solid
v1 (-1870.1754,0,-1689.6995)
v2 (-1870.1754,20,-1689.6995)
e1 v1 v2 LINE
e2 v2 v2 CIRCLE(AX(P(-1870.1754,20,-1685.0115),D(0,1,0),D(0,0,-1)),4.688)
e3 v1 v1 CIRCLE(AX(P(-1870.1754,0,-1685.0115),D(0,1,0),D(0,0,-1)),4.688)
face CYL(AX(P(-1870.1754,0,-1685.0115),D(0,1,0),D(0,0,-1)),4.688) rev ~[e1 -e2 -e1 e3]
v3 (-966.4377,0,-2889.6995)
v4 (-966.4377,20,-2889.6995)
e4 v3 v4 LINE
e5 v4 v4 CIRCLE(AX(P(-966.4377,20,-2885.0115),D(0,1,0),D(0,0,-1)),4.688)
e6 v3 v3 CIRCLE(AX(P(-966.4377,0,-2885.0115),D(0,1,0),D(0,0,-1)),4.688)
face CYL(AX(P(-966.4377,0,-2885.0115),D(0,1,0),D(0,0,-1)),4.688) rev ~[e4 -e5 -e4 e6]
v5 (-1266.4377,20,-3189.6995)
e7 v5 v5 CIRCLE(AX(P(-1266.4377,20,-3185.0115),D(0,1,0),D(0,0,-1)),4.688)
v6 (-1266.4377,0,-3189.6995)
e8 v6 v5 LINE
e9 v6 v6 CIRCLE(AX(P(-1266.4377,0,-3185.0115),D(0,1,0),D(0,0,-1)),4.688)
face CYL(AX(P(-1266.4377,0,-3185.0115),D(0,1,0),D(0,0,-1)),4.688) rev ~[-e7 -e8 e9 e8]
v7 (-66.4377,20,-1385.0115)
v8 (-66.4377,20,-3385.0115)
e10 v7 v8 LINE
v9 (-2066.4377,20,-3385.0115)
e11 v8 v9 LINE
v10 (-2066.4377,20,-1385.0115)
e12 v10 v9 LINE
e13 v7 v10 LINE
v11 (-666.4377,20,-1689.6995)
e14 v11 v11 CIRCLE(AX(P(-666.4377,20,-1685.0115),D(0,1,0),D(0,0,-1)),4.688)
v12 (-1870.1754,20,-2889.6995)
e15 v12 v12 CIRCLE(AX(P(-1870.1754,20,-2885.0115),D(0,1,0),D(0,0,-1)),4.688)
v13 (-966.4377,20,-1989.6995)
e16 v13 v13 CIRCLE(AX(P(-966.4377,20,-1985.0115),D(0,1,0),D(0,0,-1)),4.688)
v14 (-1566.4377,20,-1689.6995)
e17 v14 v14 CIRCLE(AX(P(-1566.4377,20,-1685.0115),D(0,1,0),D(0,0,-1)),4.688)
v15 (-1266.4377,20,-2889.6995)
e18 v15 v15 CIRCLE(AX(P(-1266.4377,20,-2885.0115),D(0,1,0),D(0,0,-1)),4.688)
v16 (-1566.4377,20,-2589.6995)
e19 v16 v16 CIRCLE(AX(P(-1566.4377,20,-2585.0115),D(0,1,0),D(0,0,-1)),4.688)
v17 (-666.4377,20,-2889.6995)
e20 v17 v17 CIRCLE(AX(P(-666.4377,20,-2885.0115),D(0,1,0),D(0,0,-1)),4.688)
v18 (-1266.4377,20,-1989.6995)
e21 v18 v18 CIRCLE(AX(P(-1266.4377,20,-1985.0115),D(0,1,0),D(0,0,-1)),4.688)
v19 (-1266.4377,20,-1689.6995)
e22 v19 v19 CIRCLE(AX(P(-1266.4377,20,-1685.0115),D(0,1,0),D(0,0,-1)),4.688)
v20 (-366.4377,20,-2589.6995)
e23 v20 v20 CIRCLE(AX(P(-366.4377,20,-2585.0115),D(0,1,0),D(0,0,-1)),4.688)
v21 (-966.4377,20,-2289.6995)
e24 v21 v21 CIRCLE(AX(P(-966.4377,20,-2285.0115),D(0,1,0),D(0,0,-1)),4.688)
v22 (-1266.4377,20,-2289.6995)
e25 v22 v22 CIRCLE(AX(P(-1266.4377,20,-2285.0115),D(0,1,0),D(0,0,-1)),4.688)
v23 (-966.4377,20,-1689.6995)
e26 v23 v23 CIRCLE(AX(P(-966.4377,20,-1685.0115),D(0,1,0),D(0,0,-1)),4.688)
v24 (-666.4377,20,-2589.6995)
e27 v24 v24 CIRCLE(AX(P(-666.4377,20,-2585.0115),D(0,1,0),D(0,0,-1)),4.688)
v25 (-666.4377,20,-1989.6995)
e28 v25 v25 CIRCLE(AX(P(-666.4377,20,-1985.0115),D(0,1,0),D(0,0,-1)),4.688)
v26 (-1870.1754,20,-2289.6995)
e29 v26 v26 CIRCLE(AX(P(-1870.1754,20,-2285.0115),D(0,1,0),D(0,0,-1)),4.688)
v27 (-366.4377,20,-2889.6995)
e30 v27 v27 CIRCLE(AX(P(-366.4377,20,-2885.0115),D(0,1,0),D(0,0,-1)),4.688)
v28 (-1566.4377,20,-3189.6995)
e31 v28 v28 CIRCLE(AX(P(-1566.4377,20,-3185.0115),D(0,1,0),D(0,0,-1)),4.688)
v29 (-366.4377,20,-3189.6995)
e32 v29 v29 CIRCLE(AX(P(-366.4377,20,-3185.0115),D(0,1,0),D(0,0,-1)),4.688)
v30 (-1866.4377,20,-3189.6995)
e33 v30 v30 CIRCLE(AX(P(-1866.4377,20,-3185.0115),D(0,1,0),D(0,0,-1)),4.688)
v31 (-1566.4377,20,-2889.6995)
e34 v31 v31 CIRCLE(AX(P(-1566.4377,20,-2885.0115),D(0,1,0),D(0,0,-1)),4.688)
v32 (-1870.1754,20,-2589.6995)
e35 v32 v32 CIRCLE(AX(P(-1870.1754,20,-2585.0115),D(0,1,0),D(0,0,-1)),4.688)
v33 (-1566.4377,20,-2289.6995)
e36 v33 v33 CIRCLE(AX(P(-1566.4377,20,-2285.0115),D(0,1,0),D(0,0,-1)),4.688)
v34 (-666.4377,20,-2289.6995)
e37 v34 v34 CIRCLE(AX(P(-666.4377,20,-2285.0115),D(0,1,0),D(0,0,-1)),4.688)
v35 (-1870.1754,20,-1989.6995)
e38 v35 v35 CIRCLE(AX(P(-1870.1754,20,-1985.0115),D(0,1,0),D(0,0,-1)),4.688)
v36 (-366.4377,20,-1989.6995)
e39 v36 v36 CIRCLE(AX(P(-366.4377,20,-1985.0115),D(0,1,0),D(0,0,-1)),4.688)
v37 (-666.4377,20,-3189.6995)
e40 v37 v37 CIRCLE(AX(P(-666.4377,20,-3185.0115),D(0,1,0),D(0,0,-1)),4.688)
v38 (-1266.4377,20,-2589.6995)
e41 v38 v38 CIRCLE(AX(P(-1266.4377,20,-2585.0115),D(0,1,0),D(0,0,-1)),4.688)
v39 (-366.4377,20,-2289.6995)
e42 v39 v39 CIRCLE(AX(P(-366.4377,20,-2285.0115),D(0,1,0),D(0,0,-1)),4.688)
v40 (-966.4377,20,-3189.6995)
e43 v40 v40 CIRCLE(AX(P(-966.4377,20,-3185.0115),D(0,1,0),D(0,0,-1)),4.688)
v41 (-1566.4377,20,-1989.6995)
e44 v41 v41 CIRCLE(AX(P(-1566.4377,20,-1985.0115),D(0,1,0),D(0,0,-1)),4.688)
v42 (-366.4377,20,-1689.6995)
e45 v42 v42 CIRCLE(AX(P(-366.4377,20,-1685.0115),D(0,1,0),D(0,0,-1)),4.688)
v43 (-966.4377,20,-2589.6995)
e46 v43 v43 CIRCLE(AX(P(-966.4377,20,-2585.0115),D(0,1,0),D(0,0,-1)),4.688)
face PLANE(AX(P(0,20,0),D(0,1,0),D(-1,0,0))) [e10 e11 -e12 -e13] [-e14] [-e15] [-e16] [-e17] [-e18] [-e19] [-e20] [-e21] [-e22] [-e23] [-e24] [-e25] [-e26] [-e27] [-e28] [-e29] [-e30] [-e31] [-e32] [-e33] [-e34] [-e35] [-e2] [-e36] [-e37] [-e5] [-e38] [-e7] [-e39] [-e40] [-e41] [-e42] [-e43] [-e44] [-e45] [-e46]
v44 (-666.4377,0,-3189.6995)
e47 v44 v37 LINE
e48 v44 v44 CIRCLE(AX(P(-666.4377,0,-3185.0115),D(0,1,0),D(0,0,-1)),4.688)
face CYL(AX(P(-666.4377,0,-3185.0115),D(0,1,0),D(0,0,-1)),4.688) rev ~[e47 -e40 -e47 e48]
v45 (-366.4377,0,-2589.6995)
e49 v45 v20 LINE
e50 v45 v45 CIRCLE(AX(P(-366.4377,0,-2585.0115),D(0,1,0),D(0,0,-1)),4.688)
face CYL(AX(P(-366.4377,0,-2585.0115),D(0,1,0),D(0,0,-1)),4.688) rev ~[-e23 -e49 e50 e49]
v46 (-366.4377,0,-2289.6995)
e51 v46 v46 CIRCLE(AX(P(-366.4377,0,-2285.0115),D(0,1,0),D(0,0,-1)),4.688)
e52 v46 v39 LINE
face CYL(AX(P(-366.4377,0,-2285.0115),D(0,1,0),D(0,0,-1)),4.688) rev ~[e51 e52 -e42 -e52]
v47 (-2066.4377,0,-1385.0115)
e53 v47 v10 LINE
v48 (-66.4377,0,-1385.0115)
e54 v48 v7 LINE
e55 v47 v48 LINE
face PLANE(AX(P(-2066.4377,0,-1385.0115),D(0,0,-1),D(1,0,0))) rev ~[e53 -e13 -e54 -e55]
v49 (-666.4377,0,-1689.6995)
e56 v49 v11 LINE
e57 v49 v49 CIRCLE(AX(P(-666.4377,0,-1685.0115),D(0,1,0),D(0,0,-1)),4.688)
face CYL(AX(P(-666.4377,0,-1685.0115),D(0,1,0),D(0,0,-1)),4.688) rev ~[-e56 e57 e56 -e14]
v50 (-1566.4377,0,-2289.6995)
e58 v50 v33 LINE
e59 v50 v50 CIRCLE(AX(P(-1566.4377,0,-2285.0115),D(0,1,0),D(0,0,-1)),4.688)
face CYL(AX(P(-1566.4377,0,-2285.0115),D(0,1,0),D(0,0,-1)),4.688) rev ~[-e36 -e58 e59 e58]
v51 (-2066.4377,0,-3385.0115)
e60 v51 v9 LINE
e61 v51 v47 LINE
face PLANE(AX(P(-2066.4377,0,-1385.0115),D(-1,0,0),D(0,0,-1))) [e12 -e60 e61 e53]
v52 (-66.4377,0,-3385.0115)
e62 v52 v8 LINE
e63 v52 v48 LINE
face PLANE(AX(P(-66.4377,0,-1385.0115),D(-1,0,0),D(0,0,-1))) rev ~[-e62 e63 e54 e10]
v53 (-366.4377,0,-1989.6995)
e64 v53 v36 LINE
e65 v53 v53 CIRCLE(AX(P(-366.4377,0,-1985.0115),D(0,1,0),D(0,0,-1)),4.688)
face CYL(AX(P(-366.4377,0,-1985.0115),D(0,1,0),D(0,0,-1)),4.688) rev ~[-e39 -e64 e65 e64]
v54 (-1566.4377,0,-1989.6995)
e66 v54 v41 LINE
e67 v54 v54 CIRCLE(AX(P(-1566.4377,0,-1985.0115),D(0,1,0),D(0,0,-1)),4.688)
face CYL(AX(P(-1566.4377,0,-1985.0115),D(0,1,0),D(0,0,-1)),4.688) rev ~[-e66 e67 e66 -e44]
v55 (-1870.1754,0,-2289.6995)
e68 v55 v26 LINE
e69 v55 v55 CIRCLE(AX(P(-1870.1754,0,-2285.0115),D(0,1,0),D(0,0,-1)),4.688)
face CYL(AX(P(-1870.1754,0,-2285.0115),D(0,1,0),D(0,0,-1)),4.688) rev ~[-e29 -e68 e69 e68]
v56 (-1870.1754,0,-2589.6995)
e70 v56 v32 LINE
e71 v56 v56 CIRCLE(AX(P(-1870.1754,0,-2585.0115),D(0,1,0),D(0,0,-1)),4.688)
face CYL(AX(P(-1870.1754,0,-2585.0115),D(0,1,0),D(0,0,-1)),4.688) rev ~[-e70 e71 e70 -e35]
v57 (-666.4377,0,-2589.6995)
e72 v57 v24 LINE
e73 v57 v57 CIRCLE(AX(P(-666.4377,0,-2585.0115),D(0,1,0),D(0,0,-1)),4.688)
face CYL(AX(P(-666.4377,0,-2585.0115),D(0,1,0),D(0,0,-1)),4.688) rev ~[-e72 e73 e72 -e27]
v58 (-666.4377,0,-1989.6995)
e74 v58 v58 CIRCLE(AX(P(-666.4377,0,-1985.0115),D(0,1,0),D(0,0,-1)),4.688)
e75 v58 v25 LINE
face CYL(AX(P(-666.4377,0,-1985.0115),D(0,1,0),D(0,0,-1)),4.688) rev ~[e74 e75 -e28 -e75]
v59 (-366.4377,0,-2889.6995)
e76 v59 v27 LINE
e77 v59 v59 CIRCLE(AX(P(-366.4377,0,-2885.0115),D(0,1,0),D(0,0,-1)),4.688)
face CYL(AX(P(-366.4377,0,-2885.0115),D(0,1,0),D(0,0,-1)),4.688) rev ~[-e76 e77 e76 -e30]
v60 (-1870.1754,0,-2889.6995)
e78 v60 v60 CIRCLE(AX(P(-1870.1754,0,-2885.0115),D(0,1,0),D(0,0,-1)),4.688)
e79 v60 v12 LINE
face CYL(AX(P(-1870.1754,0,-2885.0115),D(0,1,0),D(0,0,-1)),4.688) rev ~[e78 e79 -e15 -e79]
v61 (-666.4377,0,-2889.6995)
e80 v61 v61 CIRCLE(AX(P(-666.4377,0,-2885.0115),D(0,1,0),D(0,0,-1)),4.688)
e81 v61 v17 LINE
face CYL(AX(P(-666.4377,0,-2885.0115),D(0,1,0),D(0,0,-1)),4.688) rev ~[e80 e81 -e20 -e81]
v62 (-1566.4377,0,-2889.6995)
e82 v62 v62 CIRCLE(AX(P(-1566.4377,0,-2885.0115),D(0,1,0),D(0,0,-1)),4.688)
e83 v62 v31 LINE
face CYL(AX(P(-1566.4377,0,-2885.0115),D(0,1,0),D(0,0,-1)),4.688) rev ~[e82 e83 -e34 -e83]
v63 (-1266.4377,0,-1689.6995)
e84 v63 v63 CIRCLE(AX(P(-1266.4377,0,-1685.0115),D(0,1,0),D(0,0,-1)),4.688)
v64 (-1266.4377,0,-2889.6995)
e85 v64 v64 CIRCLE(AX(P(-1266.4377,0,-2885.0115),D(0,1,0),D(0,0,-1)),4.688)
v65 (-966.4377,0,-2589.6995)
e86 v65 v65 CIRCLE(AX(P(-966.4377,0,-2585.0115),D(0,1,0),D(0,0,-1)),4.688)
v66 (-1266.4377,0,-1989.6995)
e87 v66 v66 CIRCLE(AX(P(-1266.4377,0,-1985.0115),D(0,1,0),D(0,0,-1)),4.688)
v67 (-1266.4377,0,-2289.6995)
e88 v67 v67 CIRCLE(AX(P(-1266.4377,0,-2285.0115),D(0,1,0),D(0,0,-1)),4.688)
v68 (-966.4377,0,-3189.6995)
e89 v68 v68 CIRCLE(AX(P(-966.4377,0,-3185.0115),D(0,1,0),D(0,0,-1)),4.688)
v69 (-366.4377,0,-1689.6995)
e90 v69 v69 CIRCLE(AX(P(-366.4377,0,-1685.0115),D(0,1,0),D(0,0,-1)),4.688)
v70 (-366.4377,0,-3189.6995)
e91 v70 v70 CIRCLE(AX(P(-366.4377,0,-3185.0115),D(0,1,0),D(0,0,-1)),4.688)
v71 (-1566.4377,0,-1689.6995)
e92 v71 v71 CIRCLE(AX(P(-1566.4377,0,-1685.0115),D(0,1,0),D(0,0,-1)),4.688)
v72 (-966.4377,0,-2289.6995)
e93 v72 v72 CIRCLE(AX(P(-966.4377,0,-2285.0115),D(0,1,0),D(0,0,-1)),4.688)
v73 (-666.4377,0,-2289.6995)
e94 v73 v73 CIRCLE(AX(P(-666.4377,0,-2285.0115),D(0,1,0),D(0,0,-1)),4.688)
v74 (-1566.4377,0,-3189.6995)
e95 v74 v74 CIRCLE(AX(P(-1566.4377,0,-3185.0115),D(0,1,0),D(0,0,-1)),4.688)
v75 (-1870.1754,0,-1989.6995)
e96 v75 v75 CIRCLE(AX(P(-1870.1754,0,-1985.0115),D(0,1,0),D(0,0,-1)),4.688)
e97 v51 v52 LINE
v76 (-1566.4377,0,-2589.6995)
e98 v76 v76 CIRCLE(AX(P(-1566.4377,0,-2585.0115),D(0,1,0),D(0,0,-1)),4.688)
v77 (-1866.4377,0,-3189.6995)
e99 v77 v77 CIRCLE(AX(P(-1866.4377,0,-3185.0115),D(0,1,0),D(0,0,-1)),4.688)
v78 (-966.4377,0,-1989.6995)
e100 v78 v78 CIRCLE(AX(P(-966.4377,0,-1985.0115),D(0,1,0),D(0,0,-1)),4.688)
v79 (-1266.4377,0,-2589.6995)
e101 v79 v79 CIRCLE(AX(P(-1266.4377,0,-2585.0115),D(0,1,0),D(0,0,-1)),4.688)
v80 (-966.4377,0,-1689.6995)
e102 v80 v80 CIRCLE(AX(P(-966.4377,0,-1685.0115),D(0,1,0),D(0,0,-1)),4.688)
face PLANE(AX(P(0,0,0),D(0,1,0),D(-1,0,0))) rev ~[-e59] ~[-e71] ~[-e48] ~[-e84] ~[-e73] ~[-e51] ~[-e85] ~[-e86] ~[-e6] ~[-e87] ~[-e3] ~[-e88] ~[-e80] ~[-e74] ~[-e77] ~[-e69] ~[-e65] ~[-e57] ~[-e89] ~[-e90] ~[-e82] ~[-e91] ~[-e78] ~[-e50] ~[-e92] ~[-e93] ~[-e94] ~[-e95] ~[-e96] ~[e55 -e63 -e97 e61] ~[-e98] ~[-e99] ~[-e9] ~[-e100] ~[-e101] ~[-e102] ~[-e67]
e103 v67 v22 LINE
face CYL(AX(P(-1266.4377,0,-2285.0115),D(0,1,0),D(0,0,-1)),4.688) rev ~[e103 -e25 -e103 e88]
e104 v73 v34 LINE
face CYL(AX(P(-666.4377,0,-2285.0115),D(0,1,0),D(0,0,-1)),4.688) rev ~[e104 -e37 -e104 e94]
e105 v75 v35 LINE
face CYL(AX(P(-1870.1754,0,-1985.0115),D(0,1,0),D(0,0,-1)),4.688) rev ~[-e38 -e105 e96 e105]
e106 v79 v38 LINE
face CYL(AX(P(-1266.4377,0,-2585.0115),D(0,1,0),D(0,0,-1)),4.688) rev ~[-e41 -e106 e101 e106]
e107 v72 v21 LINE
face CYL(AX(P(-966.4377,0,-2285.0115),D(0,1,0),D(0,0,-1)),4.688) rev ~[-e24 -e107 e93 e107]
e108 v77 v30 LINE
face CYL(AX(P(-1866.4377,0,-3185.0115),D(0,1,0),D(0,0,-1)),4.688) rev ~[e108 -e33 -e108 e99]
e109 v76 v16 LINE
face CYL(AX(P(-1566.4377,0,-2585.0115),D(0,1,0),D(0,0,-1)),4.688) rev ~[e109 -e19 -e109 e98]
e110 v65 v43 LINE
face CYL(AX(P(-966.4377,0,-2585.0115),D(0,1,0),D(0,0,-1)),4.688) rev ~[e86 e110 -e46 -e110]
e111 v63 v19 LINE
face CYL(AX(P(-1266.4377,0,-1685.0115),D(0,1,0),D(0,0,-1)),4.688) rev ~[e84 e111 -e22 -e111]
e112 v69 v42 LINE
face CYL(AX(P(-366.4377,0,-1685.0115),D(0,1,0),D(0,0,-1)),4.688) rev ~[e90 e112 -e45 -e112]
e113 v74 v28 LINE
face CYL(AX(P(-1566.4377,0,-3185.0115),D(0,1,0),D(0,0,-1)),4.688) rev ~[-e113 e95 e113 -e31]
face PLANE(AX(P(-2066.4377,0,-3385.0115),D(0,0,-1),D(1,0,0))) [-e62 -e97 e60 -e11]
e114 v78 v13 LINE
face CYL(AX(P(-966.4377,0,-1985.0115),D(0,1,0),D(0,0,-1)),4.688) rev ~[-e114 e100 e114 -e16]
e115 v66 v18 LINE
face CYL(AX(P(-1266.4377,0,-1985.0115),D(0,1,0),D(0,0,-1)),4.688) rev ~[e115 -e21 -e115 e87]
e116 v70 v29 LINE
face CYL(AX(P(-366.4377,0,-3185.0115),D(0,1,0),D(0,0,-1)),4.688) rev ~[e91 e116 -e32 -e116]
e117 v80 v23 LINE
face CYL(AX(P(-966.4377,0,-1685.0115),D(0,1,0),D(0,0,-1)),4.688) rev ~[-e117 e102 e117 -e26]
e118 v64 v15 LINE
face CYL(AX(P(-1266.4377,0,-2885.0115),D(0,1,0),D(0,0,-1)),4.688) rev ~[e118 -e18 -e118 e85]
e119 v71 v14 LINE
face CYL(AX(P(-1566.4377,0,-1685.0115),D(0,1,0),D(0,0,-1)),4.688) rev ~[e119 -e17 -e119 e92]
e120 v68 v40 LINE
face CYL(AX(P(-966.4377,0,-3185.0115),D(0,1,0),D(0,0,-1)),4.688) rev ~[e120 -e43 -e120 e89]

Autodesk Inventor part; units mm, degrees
ref_plane "YZ Plane" through (0, 0, 0) normal (1, 0, 0) x (0, 1, 0)
ref_plane "XZ Plane" through (0, 0, 0) normal (0, 1, 0) x (-1, 0, 0)
ref_plane "XY Plane" through (0, 0, 0) normal (0, 0, 1) x (1, 0, 0)
sketch "Skizze1" plane through (0, 0, 0) normal (0, 1, 0) x (-1, 0, 0)
  line L0 (2066.4377, -1385.0115) -> (66.4377, -1385.0115)
  line L1 (66.4377, -1385.0115) -> (66.4377, -3385.0115)
  line L2 (366.4377, -1385.0115) -> (366.4377, -3385.0115)
  line L3 (666.4377, -3385.0115) -> (666.4377, -1385.0115)
  line L4 (966.4377, -1385.0115) -> (966.4377, -3385.0115)
  line L5 (1266.4377, -3385.0115) -> (1266.4377, -1385.0115)
  line L6 (1566.4377, -1385.0115) -> (1566.4377, -3385.0115)
  line L7 (66.4377, -1685.0115) -> (2066.4377, -1685.0115)
  line L8 (66.4377, -1985.0115) -> (2066.4377, -1985.0115)
  line L9 (66.4377, -2285.0115) -> (2066.4377, -2285.0115)
  line L10 (66.4377, -2585.0115) -> (2066.4377, -2585.0115)
  line L11 (66.4377, -2885.0115) -> (2066.4377, -2885.0115)
  line L12 (66.4377, -3185.0115) -> (2066.4377, -3185.0115)
  line L13 (1866.4377, -1385.0115) -> (1866.4377, -3385.0115)
  line L14 (2066.4377, -1385.0115) -> (2066.4377, -3385.0115)
  line L15 (2066.4377, -3385.0115) -> (66.4377, -3385.0115)
  point P0 (0, 0)
  point P1 (1870.1754, -1685.0115)
  point P2 (1566.4377, -1685.0115)
  point P3 (1266.4377, -1685.0115)
  point P4 (966.4377, -1685.0115)
  point P5 (666.4377, -1685.0115)
  point P6 (366.4377, -1685.0115)
  point P7 (366.4377, -1985.0115)
  point P8 (666.4377, -1985.0115)
  point P9 (966.4377, -1985.0115)
  point P10 (1266.4377, -1985.0115)
  point P11 (1566.4377, -1985.0115)
  point P12 (1870.1754, -1985.0115)
  point P13 (1870.1754, -2285.0115)
  point P14 (1566.4377, -2285.0115)
  point P15 (1266.4377, -2285.0115)
  point P16 (966.4377, -2285.0115)
  point P17 (666.4377, -2285.0115)
  point P18 (366.4377, -2285.0115)
  point P19 (366.4377, -2585.0115)
  point P20 (666.4377, -2585.0115)
  point P21 (966.4377, -2585.0115)
  point P22 (1266.4377, -2585.0115)
  point P23 (1566.4377, -2585.0115)
  point P24 (1870.1754, -2585.0115)
  point P25 (1870.1754, -2885.0115)
  point P26 (1566.4377, -2885.0115)
  point P27 (1566.4377, -3185.0115)
  point P28 (1266.4377, -3185.0115)
  point P29 (1266.4377, -2885.0115)
  point P30 (966.4377, -2885.0115)
  point P31 (966.4377, -3185.0115)
  point P32 (666.4377, -3185.0115)
  point P33 (666.4377, -2885.0115)
  point P34 (366.4377, -2885.0115)
  point P35 (366.4377, -3185.0115)
  point P36 (1866.4377, -3185.0115)
  dimension "d0" = 2000
  dimension "d2" = 300
  dimension "d3" = 300
  dimension "d4" = 300
  dimension "d5" = 300
  dimension "d6" = 300
  dimension "d8" = 300
  dimension "d9" = 300
  dimension "d10" = 300
  dimension "d11" = 300
  dimension "d12" = 300
  dimension "d32" = 2000
  dimension "d33" = 2000
  dimension "d34" = 2000
  dimension "d35" = 2000
  dimension "d36" = 2000
  dimension "d37" = 2000
  dimension "d38" = 2000
  dimension "d39" = 2000
  dimension "d40" = 2000
  dimension "d41" = 2000
  dimension "d42" = 2000
  dimension "d43" = 2000
  dimension "d44" = 300
  dimension "d45" = 300
  dimension "d46" = 2000
extrude "Extrusion3" add sketch "Skizze1" along normal blind 20
hole "Bohrung3" at (-1870.1754, 0, -1685.0115) at (-1566.4377, 0, -1685.0115) at (-1266.4377, 0, -1685.0115) at (-966.4377, 0, -1685.0115) at (-666.4377, 0, -1685.0115) at (-366.4377, 0, -1685.0115) at (-366.4377, 0, -1985.0115) at (-666.4377, 0, -1985.0115) at (-966.4377, 0, -1985.0115) at (-1266.4377, 0, -1985.0115) at (-1566.4377, 0, -1985.0115) at (-1870.1754, 0, -1985.0115) at (-1870.1754, 0, -2285.0115) at (-1566.4377, 0, -2285.0115) at (-1266.4377, 0, -2285.0115) at (-966.4377, 0, -2285.0115) at (-666.4377, 0, -2285.0115) at (-366.4377, 0, -2285.0115) at (-366.4377, 0, -2585.0115) at (-666.4377, 0, -2585.0115) at (-966.4377, 0, -2585.0115) at (-1266.4377, 0, -2585.0115) at (-1566.4377, 0, -2585.0115) at (-1870.1754, 0, -2585.0115) at (-1870.1754, 0, -2885.0115) at (-1566.4377, 0, -2885.0115) at (-1566.4377, 0, -3185.0115) at (-1266.4377, 0, -3185.0115) at (-1266.4377, 0, -2885.0115) at (-966.4377, 0, -2885.0115) at (-966.4377, 0, -3185.0115) at (-666.4377, 0, -3185.0115) at (-666.4377, 0, -2885.0115) at (-366.4377, 0, -2885.0115) at (-366.4377, 0, -3185.0115) at (-1866.4377, 0, -3185.0115) direction (0, 1, 0) diameter 9.376 end through all thread size "M11x1.5" class "6H" standard "ANSI Metric M Profile"
